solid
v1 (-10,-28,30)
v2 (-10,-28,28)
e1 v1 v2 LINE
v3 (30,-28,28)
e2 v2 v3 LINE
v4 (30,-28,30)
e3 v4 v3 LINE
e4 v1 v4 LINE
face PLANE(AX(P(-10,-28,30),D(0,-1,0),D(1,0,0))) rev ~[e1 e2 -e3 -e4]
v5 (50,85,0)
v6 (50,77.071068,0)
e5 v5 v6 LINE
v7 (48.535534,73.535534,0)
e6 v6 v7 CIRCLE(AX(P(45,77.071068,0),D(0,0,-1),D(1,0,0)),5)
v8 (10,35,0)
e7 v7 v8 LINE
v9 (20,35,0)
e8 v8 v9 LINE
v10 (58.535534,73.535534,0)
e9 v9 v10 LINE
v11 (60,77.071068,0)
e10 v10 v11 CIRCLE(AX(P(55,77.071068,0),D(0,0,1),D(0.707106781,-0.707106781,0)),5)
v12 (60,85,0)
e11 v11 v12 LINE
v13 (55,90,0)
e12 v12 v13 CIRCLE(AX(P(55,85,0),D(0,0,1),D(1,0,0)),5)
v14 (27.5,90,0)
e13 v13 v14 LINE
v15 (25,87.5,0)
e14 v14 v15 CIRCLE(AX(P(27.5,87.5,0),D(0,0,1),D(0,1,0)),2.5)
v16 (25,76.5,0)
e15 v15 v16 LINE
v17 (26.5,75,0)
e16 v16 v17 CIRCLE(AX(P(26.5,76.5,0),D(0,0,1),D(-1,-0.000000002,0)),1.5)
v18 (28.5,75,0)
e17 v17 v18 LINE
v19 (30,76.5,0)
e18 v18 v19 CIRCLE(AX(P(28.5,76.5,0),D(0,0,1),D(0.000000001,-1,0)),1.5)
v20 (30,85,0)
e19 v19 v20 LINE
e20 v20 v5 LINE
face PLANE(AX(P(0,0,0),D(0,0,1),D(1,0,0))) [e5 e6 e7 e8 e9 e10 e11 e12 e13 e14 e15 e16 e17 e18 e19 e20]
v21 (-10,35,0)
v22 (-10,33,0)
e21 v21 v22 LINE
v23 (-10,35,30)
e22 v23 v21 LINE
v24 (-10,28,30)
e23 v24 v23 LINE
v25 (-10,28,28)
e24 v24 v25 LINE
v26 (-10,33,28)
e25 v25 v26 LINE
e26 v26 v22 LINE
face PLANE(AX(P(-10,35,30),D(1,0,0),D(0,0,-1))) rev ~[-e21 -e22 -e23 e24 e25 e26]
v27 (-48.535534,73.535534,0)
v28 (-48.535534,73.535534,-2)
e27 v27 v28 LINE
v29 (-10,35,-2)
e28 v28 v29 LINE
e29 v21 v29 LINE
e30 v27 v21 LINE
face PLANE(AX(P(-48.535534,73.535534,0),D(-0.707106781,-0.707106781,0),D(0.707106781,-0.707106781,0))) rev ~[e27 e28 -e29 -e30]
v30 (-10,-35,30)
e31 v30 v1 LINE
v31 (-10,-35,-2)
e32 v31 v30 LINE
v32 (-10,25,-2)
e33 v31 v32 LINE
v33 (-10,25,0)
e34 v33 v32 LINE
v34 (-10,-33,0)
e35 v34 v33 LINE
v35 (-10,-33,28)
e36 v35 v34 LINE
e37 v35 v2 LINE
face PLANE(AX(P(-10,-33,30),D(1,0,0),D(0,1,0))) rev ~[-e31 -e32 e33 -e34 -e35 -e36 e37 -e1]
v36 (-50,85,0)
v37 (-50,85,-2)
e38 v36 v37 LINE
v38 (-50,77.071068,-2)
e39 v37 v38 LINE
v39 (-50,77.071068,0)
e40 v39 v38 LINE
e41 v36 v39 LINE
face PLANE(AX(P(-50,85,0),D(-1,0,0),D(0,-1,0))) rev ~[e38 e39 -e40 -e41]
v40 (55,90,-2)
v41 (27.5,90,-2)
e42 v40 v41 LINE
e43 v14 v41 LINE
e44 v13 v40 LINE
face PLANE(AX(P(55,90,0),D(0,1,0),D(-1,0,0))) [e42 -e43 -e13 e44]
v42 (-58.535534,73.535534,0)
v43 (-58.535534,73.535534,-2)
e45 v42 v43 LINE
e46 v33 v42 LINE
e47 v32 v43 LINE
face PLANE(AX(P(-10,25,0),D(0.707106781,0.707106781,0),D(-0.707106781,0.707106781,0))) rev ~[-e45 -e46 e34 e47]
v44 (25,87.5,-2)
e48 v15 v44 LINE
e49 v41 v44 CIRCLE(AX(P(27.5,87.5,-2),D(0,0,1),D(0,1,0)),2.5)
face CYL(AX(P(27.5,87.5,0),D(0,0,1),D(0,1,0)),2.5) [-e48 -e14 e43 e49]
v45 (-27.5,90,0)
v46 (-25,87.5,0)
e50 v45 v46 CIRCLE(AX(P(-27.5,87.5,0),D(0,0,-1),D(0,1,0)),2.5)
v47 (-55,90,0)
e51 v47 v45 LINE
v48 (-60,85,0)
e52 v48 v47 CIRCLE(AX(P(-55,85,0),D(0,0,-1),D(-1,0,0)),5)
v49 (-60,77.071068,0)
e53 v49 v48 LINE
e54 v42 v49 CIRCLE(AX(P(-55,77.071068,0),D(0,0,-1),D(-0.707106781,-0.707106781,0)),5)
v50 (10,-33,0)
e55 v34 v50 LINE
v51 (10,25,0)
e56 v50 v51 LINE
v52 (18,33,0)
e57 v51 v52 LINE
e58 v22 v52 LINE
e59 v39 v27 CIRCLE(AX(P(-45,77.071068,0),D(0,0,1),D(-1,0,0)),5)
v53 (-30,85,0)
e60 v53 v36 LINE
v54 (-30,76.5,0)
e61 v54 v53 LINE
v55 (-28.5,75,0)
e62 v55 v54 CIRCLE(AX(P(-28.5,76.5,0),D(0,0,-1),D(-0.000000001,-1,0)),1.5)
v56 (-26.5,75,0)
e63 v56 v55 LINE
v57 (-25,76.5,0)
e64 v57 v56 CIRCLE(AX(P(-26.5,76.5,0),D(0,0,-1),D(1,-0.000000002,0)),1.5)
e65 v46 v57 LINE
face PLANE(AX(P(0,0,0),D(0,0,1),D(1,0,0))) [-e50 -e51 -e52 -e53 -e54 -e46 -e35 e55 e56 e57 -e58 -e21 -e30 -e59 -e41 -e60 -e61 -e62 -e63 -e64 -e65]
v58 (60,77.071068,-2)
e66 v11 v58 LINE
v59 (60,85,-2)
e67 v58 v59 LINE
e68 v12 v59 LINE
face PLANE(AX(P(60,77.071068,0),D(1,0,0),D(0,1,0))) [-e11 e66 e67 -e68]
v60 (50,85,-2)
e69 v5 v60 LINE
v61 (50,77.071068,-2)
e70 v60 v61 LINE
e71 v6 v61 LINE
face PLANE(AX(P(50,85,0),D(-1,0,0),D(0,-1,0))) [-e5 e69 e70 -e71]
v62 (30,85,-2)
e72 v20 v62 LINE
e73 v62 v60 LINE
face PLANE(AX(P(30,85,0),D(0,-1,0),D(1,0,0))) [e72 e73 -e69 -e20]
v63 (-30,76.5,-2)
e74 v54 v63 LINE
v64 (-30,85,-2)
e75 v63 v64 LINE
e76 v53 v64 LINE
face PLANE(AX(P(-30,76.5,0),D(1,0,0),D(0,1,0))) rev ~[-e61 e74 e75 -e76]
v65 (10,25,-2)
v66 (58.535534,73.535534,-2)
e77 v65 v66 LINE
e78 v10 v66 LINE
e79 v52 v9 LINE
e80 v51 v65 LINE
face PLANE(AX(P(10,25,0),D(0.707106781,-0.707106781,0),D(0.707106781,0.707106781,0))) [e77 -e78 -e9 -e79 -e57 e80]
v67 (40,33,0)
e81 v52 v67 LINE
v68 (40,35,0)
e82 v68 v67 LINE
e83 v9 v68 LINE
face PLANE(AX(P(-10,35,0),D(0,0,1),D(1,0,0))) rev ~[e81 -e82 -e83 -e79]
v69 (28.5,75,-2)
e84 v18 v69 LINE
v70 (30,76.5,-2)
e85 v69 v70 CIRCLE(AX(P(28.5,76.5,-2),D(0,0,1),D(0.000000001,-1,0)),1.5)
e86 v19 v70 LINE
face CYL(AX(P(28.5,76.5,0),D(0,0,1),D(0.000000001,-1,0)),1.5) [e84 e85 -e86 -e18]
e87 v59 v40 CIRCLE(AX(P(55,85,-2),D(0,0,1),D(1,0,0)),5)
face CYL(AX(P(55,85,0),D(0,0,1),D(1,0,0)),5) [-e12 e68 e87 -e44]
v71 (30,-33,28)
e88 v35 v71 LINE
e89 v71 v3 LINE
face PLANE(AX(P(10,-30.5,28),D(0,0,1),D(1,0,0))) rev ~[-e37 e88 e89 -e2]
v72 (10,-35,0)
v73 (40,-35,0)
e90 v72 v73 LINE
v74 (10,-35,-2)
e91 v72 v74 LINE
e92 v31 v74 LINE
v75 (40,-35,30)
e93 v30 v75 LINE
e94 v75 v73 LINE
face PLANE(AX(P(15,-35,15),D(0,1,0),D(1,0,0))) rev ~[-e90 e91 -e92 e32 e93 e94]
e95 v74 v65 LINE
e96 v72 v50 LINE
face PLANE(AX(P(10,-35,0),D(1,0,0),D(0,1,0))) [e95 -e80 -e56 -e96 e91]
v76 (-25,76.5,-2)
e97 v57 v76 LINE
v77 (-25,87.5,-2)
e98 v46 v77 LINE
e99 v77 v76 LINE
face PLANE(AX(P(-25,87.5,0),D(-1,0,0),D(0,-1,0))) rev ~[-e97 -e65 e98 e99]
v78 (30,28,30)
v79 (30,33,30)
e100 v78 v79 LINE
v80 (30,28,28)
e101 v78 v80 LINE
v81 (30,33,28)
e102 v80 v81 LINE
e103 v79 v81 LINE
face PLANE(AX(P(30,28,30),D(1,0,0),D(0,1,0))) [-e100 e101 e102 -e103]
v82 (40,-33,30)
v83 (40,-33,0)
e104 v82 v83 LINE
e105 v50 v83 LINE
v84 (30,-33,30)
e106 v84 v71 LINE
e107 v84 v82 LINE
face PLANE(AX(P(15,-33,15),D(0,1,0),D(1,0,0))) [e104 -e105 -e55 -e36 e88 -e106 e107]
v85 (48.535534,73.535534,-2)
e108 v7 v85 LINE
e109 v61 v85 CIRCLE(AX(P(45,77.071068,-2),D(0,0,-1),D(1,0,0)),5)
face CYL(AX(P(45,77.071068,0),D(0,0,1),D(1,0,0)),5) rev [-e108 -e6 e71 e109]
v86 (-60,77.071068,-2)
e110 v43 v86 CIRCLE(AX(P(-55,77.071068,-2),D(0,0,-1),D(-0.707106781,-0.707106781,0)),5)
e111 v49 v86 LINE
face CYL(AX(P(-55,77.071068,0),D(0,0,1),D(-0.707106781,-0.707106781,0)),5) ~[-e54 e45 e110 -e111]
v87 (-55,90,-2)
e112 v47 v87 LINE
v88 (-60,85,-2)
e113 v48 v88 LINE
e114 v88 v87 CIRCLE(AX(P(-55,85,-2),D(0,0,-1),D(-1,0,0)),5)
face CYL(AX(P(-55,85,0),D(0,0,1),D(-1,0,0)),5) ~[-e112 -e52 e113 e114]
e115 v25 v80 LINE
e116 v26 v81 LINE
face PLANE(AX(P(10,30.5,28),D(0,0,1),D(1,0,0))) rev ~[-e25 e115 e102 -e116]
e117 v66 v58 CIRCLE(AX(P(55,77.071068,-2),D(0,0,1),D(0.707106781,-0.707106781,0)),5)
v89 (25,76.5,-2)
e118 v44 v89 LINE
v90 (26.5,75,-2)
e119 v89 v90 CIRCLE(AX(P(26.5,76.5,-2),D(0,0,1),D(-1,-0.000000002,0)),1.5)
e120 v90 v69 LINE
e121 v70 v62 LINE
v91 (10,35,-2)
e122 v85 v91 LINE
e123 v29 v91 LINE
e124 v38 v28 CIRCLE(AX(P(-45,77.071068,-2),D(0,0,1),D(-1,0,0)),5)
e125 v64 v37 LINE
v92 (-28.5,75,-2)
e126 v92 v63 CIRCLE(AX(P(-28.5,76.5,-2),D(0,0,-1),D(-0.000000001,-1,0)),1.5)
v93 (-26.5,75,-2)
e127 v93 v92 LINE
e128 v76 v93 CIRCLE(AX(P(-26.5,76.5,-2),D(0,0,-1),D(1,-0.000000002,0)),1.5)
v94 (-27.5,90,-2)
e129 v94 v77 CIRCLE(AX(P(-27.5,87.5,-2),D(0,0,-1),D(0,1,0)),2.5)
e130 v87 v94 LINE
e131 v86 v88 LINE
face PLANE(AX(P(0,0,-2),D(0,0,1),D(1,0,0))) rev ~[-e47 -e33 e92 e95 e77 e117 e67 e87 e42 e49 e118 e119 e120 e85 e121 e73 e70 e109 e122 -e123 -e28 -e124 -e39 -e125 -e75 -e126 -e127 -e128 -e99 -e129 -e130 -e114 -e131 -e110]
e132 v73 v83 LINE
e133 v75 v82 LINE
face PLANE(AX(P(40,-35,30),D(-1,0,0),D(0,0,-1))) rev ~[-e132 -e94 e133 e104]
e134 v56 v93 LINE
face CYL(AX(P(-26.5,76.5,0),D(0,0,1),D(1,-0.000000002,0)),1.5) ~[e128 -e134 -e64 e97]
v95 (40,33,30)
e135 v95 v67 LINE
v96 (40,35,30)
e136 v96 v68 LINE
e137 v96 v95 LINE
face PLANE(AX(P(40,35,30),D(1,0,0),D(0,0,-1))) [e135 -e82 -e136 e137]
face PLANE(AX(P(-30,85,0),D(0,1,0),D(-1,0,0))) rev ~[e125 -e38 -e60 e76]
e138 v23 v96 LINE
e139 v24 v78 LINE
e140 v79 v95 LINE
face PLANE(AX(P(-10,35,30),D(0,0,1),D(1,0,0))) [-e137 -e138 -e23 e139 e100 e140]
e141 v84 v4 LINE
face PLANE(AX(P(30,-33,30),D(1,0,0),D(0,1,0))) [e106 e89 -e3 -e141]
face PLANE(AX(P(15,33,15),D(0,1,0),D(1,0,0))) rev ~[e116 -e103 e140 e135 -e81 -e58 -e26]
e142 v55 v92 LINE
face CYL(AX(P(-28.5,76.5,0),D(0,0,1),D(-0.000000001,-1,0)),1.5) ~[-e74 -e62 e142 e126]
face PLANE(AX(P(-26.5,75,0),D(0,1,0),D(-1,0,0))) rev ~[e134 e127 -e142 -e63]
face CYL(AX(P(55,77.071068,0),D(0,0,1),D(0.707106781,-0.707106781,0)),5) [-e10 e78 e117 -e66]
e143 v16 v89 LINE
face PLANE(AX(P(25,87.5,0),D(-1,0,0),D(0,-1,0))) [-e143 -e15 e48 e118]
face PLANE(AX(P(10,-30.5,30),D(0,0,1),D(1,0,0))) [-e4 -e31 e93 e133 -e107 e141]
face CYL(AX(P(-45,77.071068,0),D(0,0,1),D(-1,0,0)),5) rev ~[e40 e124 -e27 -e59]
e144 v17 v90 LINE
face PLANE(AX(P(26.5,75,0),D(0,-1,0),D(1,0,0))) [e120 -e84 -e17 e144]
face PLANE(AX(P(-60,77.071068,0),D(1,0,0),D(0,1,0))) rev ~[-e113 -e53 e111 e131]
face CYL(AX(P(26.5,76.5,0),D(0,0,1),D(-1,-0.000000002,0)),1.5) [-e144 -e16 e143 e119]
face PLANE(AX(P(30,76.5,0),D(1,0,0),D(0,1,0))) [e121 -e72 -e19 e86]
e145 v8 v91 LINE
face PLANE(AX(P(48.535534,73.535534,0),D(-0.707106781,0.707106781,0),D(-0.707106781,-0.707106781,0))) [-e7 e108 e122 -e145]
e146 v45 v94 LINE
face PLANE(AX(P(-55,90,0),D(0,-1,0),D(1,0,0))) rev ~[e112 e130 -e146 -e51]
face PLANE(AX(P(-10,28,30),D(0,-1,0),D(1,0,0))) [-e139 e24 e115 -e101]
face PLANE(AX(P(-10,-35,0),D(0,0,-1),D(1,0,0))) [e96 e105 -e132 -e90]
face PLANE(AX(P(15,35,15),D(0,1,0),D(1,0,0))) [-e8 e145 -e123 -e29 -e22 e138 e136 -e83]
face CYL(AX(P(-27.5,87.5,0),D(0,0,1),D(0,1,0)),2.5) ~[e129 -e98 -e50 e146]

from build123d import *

# Parameters (mm, degrees)
BOSS_EXTRUDE1_DEPTH   = 2
BOSS_EXTRUDE1_2_DEPTH = 2
BASE_W                = 20
BASE_H                = 70
BOSS_EXTRUDE2_DEPTH   = 2
SKETCH10_W            = 50
SKETCH10_H            = 30
BOSS_EXTRUDE3_DEPTH   = 2
SKETCH9_W             = 50
SKETCH9_H             = 30
BOSS_EXTRUDE4_DEPTH   = 2
SKETCH11_W            = 40
SKETCH11_H            = 5
BOSS_EXTRUDE5_DEPTH   = 2


with BuildPart() as part:
    # hook → Boss-Extrude1 (new body)
    with BuildSketch(Plane.XY):
        with BuildLine():
            Line((-10, 35), (-10, 25))
            Line((-10, 25), (-58.535533906, 73.535533906))
            ThreePointArc((-58.535533906, 73.535533906), (-59.619397663, 75.15765065), (-60, 77.071067812))
            Line((-60, 77.071067812), (-60, 85))
            ThreePointArc((-60, 85), (-58.535533906, 88.535533906), (-55, 90))
            Line((-55, 90), (-27.5, 90))
            ThreePointArc((-27.5, 90), (-25.732233047, 89.267766953), (-25, 87.5))
            Line((-25, 87.5), (-24.999999999, 76.499999999))
            ThreePointArc((-24.999999999, 76.499999999), (-25.439339828, 75.439339828), (-26.499999999, 74.999999999))
            Line((-26.499999999, 74.999999999), (-28.499999999, 74.999999999))
            ThreePointArc((-28.499999999, 74.999999999), (-29.560660171, 75.439339828), (-29.999999999, 76.499999999))
            Line((-29.999999999, 76.499999999), (-29.999999999, 84.999999999))
            Line((-29.999999999, 84.999999999), (-49.999999999, 84.999999999))
            Line((-49.999999999, 84.999999999), (-50, 77.071067812))
            ThreePointArc((-50, 77.071067812), (-49.619397663, 75.15765065), (-48.535533906, 73.535533906))
            Line((-48.535533906, 73.535533906), (-10, 35))
        make_face()
    extrude(amount=-BOSS_EXTRUDE1_DEPTH)



with BuildPart() as body_2:
    # hook → Boss-Extrude1 2 (new body)
    with BuildSketch(Plane.XY):
        with BuildLine():
            Line((48.535533906, 73.535533906), (10, 35))
            Line((10, 35), (10, 25))
            Line((10, 25), (58.535533906, 73.535533906))
            ThreePointArc((58.535533906, 73.535533906), (59.619397663, 75.15765065), (60, 77.071067812))
            Line((60, 77.071067812), (60, 85))
            ThreePointArc((60, 85), (58.535533906, 88.535533906), (55, 90))
            Line((55, 90), (27.5, 90))
            ThreePointArc((27.5, 90), (25.732233047, 89.267766953), (25, 87.5))
            Line((25, 87.5), (24.999999999, 76.499999999))
            ThreePointArc((24.999999999, 76.499999999), (25.439339828, 75.439339828), (26.499999999, 74.999999999))
            Line((26.499999999, 74.999999999), (28.499999999, 74.999999999))
            ThreePointArc((28.499999999, 74.999999999), (29.560660171, 75.439339828), (29.999999999, 76.499999999))
            Line((29.999999999, 76.499999999), (29.999999999, 84.999999999))
            Line((29.999999999, 84.999999999), (49.999999999, 84.999999999))
            Line((49.999999999, 84.999999999), (50, 77.071067812))
            ThreePointArc((50, 77.071067812), (49.619397663, 75.15765065), (48.535533906, 73.535533906))
        make_face()
    extrude(amount=-BOSS_EXTRUDE1_2_DEPTH)


with BuildPart() as part_1:
    add(part.part)

    add(body_2.part)  # Boss-Extrude2 merges body 2
    # base → Boss-Extrude2 (add)
    with BuildSketch(Plane.XY):
        Rectangle(BASE_W, BASE_H)
    extrude(amount=-BOSS_EXTRUDE2_DEPTH)

    # Sketch9 → Boss-Extrude4 (add)
    with BuildSketch(Plane(origin=(0, 35, 0), x_dir=(1, 0, 0), z_dir=(0, 1, 0))):
        with Locations((15, -15)):
            Rectangle(SKETCH9_W, SKETCH9_H)
    extrude(amount=-BOSS_EXTRUDE4_DEPTH)



with BuildPart() as body_2_2:
    # Sketch10 → Boss-Extrude3 (new body)
    with BuildSketch(Plane(origin=(0, -35, 0), x_dir=(1, 0, 0), z_dir=(0, 1, 0))):
        with Locations((15, -15)):
            Rectangle(SKETCH10_W, SKETCH10_H)
    extrude(amount=BOSS_EXTRUDE3_DEPTH)


with BuildPart() as part_2:
    add(part_1.part)

    add(body_2_2.part)  # Boss-Extrude5 merges body 2 2
    # Sketch11 → Boss-Extrude5 (add)
    with BuildSketch(Plane.XY.offset(30)):
        with Locations((10, -30.5)):
            Rectangle(SKETCH11_W, SKETCH11_H)
        with Locations((10, 30.5)):
            Rectangle(SKETCH11_W, SKETCH11_H)
    extrude(amount=-BOSS_EXTRUDE5_DEPTH)


solid = part_2.part
